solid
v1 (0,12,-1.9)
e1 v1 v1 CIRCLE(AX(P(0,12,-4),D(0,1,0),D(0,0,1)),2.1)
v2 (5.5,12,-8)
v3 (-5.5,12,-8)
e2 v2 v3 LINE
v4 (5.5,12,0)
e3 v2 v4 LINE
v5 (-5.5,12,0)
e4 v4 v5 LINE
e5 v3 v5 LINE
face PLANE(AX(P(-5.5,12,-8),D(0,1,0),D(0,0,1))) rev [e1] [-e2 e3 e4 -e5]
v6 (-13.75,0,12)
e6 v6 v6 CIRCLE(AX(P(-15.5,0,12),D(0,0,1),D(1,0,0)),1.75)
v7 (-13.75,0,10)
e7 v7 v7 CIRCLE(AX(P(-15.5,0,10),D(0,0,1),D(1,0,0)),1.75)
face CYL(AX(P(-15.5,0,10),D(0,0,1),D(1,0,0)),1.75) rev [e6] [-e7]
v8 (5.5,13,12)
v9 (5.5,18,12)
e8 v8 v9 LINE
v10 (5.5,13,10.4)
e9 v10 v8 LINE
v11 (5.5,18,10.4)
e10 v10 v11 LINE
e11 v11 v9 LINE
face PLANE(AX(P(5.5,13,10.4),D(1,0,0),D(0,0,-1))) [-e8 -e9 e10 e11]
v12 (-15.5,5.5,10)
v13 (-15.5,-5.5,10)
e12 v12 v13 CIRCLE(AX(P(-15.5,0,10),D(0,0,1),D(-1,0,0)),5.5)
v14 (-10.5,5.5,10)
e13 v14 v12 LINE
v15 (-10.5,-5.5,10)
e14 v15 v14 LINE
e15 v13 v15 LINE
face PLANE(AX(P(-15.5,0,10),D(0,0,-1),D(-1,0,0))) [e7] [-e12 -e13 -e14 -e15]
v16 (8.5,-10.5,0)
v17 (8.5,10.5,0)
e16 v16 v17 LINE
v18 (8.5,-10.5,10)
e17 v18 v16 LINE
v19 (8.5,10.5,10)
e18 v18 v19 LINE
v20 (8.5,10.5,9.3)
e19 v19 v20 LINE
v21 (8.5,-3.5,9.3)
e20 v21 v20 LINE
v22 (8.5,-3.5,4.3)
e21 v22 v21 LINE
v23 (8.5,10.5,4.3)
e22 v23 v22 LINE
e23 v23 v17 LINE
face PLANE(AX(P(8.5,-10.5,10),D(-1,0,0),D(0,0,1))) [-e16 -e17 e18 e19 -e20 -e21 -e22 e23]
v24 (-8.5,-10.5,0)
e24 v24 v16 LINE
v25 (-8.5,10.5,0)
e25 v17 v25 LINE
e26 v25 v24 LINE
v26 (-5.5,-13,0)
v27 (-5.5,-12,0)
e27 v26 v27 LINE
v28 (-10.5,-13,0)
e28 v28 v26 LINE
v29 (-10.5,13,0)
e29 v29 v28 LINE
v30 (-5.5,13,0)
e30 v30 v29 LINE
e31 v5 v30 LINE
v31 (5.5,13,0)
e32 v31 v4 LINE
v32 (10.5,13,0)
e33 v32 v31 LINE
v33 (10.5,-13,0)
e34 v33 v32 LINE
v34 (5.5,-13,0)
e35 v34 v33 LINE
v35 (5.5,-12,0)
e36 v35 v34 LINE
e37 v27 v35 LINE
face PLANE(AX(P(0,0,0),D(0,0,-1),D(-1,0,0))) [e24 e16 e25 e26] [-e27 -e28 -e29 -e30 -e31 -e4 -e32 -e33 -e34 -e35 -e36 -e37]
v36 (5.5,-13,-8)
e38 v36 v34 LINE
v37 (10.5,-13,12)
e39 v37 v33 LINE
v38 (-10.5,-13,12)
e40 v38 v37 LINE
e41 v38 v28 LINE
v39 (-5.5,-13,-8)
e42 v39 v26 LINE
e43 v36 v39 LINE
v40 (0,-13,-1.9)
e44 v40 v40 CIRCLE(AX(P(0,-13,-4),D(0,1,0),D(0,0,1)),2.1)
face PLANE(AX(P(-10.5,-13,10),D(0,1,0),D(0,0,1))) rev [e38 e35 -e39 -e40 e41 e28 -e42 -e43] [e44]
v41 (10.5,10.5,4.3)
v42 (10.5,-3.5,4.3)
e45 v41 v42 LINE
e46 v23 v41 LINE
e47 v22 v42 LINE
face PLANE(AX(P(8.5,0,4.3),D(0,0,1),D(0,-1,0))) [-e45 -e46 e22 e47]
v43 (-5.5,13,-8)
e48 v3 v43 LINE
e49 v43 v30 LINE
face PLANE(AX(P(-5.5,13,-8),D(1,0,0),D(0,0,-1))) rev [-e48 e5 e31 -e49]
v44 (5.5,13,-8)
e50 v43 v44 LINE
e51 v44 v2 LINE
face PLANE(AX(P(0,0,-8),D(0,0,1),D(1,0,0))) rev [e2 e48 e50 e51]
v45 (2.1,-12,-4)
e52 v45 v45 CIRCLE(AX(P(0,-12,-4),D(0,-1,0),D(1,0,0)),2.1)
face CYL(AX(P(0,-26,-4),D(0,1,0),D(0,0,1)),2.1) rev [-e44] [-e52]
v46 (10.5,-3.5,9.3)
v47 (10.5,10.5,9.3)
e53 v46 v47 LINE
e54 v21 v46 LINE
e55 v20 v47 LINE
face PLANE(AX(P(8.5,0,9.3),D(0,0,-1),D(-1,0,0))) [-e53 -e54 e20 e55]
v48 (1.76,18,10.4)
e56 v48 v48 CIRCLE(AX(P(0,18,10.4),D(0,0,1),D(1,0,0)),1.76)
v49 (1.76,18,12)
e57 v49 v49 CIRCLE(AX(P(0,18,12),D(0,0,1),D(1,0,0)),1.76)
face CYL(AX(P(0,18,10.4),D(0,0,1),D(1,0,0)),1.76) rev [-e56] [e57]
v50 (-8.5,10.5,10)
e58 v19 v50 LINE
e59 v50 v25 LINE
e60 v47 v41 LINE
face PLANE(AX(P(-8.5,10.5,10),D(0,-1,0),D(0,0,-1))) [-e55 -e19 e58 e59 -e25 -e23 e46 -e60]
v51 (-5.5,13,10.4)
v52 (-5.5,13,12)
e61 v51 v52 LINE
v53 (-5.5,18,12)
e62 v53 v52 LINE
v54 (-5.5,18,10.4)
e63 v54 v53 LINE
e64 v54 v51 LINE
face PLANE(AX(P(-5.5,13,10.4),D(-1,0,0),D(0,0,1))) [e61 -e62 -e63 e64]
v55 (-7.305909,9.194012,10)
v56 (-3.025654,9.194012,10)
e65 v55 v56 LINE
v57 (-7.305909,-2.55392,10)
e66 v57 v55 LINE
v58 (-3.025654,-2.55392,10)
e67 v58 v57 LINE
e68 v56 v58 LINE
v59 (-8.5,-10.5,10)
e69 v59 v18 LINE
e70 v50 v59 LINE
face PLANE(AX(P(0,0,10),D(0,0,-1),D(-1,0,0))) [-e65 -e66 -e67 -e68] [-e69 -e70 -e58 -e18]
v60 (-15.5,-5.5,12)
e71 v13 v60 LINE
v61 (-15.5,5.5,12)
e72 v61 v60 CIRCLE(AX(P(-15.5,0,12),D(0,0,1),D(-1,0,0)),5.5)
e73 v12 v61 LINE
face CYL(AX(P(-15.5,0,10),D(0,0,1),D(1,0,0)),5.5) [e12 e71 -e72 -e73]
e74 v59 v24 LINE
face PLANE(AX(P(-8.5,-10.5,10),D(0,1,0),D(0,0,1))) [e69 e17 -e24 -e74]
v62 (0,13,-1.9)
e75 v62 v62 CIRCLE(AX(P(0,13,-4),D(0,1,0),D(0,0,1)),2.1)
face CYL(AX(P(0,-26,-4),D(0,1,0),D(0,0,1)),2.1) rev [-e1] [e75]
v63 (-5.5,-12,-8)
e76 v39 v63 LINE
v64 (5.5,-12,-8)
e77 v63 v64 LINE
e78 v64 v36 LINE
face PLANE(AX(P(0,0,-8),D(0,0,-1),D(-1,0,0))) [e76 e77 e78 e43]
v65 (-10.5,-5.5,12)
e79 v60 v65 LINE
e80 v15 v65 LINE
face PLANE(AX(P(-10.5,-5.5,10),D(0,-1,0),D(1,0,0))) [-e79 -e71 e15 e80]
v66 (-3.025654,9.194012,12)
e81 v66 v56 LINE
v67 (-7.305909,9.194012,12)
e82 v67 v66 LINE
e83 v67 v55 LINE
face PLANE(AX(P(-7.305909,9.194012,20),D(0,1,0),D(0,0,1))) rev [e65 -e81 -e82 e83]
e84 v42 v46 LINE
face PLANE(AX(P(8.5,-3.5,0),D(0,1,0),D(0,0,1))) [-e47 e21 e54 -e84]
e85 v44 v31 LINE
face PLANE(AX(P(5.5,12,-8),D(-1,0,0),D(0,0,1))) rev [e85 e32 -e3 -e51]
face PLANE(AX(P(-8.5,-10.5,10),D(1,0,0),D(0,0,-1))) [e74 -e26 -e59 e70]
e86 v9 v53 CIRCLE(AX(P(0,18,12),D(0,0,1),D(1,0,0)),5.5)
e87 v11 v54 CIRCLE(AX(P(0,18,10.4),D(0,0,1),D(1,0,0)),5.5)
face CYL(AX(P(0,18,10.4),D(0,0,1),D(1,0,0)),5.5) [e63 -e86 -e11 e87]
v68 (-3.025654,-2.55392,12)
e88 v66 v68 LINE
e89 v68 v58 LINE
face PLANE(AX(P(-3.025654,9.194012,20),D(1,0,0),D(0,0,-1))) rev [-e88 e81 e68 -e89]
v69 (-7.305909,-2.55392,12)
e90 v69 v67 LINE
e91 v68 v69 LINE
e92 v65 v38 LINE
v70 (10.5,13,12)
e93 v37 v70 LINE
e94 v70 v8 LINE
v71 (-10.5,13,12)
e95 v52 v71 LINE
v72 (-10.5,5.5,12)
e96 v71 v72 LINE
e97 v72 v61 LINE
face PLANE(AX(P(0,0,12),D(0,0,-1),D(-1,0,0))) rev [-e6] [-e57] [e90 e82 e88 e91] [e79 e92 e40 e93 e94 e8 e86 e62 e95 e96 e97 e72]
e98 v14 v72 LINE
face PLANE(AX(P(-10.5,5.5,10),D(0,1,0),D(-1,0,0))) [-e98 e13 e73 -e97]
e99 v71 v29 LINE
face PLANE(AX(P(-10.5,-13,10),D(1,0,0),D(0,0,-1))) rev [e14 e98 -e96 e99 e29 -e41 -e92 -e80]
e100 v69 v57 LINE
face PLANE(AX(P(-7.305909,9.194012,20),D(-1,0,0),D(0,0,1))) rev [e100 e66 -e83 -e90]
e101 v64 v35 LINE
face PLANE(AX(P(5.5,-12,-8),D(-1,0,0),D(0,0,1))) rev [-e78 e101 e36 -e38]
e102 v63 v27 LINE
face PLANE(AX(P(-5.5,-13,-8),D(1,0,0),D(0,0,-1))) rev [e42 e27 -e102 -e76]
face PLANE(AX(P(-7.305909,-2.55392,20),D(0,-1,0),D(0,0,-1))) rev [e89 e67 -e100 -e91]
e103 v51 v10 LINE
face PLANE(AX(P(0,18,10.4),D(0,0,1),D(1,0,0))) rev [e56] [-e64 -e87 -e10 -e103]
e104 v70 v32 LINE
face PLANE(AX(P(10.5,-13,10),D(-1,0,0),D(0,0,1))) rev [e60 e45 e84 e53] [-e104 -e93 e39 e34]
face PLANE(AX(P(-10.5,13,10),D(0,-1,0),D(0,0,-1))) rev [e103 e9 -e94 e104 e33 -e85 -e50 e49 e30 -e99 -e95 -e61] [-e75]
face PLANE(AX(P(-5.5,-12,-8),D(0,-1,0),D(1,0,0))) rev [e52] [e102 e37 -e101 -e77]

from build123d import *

# Parameters (mm, degrees)
SKETCH1_W           = 21
SKETCH1_H           = 26
SKETCH1_W_2         = 17
SKETCH1_H_2         = 21
BOSS_EXTRUDE1_DEPTH = 10
SKETCH2_W           = 21
SKETCH2_H           = 26
BOSS_EXTRUDE2_DEPTH = 2
SKETCH4_W           = 5
SKETCH4_H           = 14
CUT_EXTRUDE2_DEPTH  = 2
SKETCH6_R           = 1.76
BOSS_EXTRUDE3_DEPTH = 1.6
SKETCH9_R           = 1.76
BOSS_EXTRUDE5_DEPTH = 2
SKETCH14_W          = 11
SKETCH14_H          = 1
BOSS_EXTRUDE8_DEPTH = 8
SKETCH16_R          = 2.1
CUT_EXTRUDE3_DEPTH  = 39
CUT_EXTRUDE4_DEPTH  = 10
SKETCH18_R          = 1.75
BOSS_EXTRUDE9_DEPTH = 2
SKETCH19_W          = 4.280254221
SKETCH19_H          = 11.747931796
CUT_EXTRUDE5_DEPTH  = 10


with BuildPart() as part:
    # Sketch1 → Boss-Extrude1 (new body)
    with BuildSketch(Plane.XY):
        Rectangle(SKETCH1_W, SKETCH1_H)
        Rectangle(SKETCH1_W_2, SKETCH1_H_2, mode=Mode.SUBTRACT)
    extrude(amount=BOSS_EXTRUDE1_DEPTH)

    # Sketch2 → Boss-Extrude2 (add)
    with BuildSketch(Plane.XY.offset(10)):
        Rectangle(SKETCH2_W, SKETCH2_H)
    extrude(amount=BOSS_EXTRUDE2_DEPTH)

    # Sketch4 → Cut-Extrude2 (cut)
    with BuildSketch(Plane(origin=(10.5, 0, 0), x_dir=(0, 0, -1), z_dir=(1, 0, 0))):
        with Locations((-6.8, 3.5)):
            Rectangle(SKETCH4_W, SKETCH4_H)
    extrude(amount=-CUT_EXTRUDE2_DEPTH, mode=Mode.SUBTRACT)

    # Sketch6 → Boss-Extrude3 (add)
    with BuildSketch(Plane.XY.offset(12)):
        with BuildLine():
            Line((0, 13), (5.5, 13))
            Line((5.5, 13), (5.5, 18))
            ThreePointArc((5.5, 18), (0, 23.5), (-5.5, 18))
            Line((-5.5, 18), (-5.5, 13))
            Line((-5.5, 13), (0, 13))
        make_face()
        with Locations((0, 18)):
            Circle(SKETCH6_R, mode=Mode.SUBTRACT)
    extrude(amount=-BOSS_EXTRUDE3_DEPTH)

    # Sketch9 → Boss-Extrude5 (add)
    with BuildSketch(Plane.XY.offset(12)):
        with BuildLine():
            Line((0, -13), (-5.5, -13))
            Line((-5.5, -13), (-5.5, -18))
            ThreePointArc((-5.5, -18), (0, -23.5), (5.5, -18))
            Line((5.5, -18), (5.5, -13))
            Line((5.5, -13), (0, -13))
        make_face()
        with Locations((0, -18)):
            Circle(SKETCH9_R, mode=Mode.SUBTRACT)
    extrude(amount=-BOSS_EXTRUDE5_DEPTH)

    # Sketch14 → Boss-Extrude8 (add)
    with BuildSketch(Plane(origin=(0, 0, 0), x_dir=(-1, 0, 0), z_dir=(0, 0, -1))):
        with Locations((0, -12.5)):
            Rectangle(SKETCH14_W, SKETCH14_H)
        with Locations((0, 12.5)):
            Rectangle(SKETCH14_W, SKETCH14_H)
    extrude(amount=BOSS_EXTRUDE8_DEPTH)

    # Sketch16 → Cut-Extrude3 (cut)
    with BuildSketch(Plane(origin=(0, 13, 0), x_dir=(1, 0, 0), z_dir=(0, 1, 0))):
        with Locations((0, 4)):
            Circle(SKETCH16_R)
    extrude(amount=-CUT_EXTRUDE3_DEPTH, mode=Mode.SUBTRACT)

    # Sketch17 → Cut-Extrude4 (cut)
    with BuildSketch(Plane(origin=(0, 0, 10), x_dir=(-1, 0, 0), z_dir=(0, 0, -1))):
        with BuildLine():
            Line((-5.5, -18), (-5.5, -13))
            Line((-5.5, -13), (5.5, -13))
            Line((5.5, -13), (5.5, -18))
            ThreePointArc((5.5, -18), (0, -23.5), (-5.5, -18))
        make_face()
    extrude(amount=-CUT_EXTRUDE4_DEPTH, mode=Mode.SUBTRACT)

    # Sketch18 → Boss-Extrude9 (add)
    with BuildSketch(Plane.XY.offset(12)):
        with BuildLine():
            Line((-10.5, 0), (-10.5, 5.5))
            Line((-10.5, 5.5), (-15.5, 5.5))
            ThreePointArc((-15.5, 5.5), (-21, 0), (-15.5, -5.5))
            Line((-15.5, -5.5), (-10.5, -5.5))
            Line((-10.5, -5.5), (-10.5, 0))
        make_face()
        with Locations((-15.5, 0)):
            Circle(SKETCH18_R, mode=Mode.SUBTRACT)
    extrude(amount=-BOSS_EXTRUDE9_DEPTH)

    # Sketch19 → Cut-Extrude5 (cut)
    with BuildSketch(Plane(origin=(0, 0, 10), x_dir=(-1, 0, 0), z_dir=(0, 0, -1))):
        with Locations((5.165781479, 3.32004636)):
            Rectangle(SKETCH19_W, SKETCH19_H)
    extrude(amount=-CUT_EXTRUDE5_DEPTH, mode=Mode.SUBTRACT)


solid = part.part
